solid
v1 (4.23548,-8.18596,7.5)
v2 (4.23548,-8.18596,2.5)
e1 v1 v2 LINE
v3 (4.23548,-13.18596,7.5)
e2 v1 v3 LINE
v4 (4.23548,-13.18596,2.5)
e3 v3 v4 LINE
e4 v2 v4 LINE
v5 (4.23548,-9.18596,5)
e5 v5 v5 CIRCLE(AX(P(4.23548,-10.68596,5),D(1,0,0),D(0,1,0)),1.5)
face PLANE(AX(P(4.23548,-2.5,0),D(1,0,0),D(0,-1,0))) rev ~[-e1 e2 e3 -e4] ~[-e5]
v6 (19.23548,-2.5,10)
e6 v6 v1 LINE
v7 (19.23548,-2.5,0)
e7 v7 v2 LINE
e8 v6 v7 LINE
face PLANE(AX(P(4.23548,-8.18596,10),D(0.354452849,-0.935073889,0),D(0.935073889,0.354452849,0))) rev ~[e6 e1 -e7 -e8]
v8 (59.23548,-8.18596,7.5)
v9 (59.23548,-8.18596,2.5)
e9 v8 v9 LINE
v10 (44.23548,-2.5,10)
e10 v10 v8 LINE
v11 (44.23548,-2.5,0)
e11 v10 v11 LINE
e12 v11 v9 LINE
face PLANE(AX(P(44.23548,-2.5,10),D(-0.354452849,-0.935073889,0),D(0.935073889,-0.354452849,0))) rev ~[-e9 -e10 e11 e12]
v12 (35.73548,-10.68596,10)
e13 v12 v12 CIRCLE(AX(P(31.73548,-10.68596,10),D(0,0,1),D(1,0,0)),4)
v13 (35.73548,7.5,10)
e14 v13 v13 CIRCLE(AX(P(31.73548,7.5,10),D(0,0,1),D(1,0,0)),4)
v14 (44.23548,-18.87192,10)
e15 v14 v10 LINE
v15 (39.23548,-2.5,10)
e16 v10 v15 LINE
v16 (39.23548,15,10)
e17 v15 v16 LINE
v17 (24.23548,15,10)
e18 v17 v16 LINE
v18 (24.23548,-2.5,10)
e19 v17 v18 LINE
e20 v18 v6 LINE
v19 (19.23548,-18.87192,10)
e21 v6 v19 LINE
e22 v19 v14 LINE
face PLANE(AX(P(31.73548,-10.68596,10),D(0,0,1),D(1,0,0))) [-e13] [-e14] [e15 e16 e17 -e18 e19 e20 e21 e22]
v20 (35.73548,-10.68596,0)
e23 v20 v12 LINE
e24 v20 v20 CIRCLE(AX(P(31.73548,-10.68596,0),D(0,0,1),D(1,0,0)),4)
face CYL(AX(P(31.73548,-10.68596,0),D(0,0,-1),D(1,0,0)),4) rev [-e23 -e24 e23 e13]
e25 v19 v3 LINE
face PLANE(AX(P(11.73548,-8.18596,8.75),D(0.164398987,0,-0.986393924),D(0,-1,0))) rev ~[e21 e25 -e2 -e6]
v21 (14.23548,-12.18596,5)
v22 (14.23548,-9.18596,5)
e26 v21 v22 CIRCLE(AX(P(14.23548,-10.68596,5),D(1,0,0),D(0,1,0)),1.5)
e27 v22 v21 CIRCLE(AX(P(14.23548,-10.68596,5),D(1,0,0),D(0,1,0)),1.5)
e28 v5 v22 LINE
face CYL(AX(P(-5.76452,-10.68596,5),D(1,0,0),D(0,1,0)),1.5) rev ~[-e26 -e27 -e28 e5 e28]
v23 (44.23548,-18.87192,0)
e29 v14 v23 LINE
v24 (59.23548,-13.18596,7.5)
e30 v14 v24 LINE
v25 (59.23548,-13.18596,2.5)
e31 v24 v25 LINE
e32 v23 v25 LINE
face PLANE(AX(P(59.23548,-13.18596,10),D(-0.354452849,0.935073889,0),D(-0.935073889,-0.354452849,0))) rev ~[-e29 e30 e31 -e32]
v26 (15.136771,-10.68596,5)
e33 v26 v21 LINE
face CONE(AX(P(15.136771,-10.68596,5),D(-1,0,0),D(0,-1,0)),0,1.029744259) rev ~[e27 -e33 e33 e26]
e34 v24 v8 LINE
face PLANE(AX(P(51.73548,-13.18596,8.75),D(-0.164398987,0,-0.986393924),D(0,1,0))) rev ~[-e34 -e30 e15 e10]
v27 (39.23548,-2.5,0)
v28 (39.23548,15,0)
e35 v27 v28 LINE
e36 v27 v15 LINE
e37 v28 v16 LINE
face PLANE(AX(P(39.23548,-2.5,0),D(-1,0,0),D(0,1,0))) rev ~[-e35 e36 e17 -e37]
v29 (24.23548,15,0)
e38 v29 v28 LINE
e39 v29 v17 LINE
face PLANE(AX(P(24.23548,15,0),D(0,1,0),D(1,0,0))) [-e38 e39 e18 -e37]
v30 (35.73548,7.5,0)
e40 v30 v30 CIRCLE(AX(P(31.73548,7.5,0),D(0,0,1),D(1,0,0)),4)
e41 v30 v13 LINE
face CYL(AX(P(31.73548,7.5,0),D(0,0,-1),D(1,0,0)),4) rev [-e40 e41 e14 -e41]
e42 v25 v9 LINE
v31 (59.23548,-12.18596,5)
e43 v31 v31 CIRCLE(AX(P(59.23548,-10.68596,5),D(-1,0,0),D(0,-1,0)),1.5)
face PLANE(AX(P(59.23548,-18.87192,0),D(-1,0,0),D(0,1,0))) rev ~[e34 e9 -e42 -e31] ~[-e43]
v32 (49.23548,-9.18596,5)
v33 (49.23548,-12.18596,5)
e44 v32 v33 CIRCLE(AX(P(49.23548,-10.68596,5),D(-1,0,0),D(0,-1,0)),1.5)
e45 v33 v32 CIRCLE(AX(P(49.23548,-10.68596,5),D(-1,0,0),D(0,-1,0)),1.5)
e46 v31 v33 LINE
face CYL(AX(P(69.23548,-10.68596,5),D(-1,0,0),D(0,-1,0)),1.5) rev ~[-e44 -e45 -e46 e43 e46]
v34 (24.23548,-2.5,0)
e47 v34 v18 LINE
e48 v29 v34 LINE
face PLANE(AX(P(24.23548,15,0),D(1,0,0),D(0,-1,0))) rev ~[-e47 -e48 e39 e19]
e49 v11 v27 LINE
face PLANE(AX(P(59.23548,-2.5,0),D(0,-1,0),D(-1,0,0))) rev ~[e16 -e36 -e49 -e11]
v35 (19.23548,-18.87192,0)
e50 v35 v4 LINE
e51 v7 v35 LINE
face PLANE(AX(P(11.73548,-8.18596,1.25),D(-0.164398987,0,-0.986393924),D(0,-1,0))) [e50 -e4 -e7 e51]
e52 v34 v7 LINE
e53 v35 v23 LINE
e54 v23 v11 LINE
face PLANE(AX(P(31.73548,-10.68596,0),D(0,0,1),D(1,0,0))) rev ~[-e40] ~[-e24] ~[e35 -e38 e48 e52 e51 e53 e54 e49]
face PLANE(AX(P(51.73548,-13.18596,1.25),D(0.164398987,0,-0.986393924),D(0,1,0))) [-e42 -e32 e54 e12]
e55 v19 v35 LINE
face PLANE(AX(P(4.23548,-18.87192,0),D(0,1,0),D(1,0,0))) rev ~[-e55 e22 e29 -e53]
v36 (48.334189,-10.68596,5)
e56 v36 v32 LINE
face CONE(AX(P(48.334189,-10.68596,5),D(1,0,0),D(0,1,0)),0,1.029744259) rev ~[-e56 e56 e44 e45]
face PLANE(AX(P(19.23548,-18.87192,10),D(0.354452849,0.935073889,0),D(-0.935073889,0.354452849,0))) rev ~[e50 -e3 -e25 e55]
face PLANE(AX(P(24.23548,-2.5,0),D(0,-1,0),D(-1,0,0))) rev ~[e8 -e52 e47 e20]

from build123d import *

# Parameters (mm, degrees)
F0_R           = 4
F0_W           = 15
F0_H           = 15
F1_DEPTH       = 10
F3_DEPTH       = 25
F5_DEPTH       = 25
F6_SIZE2       = 2.5
F6_SIZE        = 15
F6_2_SIZE2     = 2.5
F6_2_SIZE      = 15
F9_D           = 3
F9_DEPTH       = 10
F9_TIP         = 0.9012909285
F9_ON_F7_D     = 3
F9_ON_F7_DEPTH = 10
F9_ON_F7_TIP   = 0.9012909285


with BuildPart() as f1:
    # F0 (on Top) → F1 (new body)
    with BuildSketch(Plane.XY):
        Polygon((59.23548, -2.5), (39.23548, -2.5), (31.73548, -2.5), (24.23548, -2.5), (4.23548, -2.5), (4.23548, -18.87192), (15.86774, -18.87192), (59.23548, -18.87192), align=None)
        with Locations((31.73548, -10.68596)):
            Circle(F0_R, mode=Mode.SUBTRACT)
        Polygon((39.23548, -2.5), (39.23548, 0), (24.23548, 0), (24.23548, -2.5), (31.73548, -2.5), align=None)
        with Locations((31.73548, 7.5)):
            Rectangle(F0_W, F0_H)
        with Locations((31.73548, 7.5)):
            Circle(F0_R, mode=Mode.SUBTRACT)
    extrude(amount=F1_DEPTH)

    # F2 (on face) → F3 (cut)
    with BuildSketch(Plane.XY.offset(10)):
        Polygon((44.23548, -2.5), (59.23548, -8.18596), (59.23548, -2.5), align=None)
        Polygon((59.23548, -18.87192), (59.23548, -13.18596), (44.23548, -18.87192), align=None)
    extrude(amount=-F3_DEPTH, mode=Mode.SUBTRACT)

    # F4 (on face) → F5 (cut)
    with BuildSketch(Plane.XY.offset(10)):
        Polygon((19.23548, -2.5), (4.23548, -2.5), (4.23548, -8.18596), align=None)
        Polygon((4.23548, -18.87192), (19.23548, -18.87192), (4.23548, -13.18596), align=None)
    extrude(amount=-F5_DEPTH, mode=Mode.SUBTRACT)

    # F6
    f6_edges = [f1.edges().sort_by_distance(p)[0] for p in [
        (4.23548, -10.68596, 10),
        (59.23548, -10.68596, 10),
    ]]
    f6_side = f1.faces().sort_by_distance((51.506527, -5.946976, 10))[0]
    chamfer(f6_edges, length=F6_SIZE, length2=F6_SIZE2, reference=f6_side)

    # F6#2
    f6_2_edges = [f1.edges().sort_by_distance(p)[0] for p in [
        (4.23548, -10.68596, 0),
        (59.23548, -10.68596, 0),
    ]]
    f6_2_side = f1.faces().sort_by_distance((51.506527, -5.946976, 0))[0]
    chamfer(f6_2_edges, length=F6_2_SIZE, length2=F6_2_SIZE2, reference=f6_2_side)

    # F9
    with Locations(Plane.YZ.offset(59.23548)):
        with Locations((-10.68596, 5)):
            Hole(F9_D / 2, depth=F9_DEPTH)
            with Locations((0, 0, -(F9_DEPTH + F9_TIP / 2))):  # 118° drill point
                Cone(0, F9_D / 2, F9_TIP, mode=Mode.SUBTRACT)

    # F9 on F7
    with Locations(Plane(origin=(4.23548, 0, 0), x_dir=(0, -1, 0), z_dir=(-1, 0, 0))):
        with Locations((10.68596, 5)):
            Hole(F9_ON_F7_D / 2, depth=F9_ON_F7_DEPTH)
            with Locations((0, 0, -(F9_ON_F7_DEPTH + F9_ON_F7_TIP / 2))):  # 118° drill point
                Cone(0, F9_ON_F7_D / 2, F9_ON_F7_TIP, mode=Mode.SUBTRACT)


solid = f1.part
